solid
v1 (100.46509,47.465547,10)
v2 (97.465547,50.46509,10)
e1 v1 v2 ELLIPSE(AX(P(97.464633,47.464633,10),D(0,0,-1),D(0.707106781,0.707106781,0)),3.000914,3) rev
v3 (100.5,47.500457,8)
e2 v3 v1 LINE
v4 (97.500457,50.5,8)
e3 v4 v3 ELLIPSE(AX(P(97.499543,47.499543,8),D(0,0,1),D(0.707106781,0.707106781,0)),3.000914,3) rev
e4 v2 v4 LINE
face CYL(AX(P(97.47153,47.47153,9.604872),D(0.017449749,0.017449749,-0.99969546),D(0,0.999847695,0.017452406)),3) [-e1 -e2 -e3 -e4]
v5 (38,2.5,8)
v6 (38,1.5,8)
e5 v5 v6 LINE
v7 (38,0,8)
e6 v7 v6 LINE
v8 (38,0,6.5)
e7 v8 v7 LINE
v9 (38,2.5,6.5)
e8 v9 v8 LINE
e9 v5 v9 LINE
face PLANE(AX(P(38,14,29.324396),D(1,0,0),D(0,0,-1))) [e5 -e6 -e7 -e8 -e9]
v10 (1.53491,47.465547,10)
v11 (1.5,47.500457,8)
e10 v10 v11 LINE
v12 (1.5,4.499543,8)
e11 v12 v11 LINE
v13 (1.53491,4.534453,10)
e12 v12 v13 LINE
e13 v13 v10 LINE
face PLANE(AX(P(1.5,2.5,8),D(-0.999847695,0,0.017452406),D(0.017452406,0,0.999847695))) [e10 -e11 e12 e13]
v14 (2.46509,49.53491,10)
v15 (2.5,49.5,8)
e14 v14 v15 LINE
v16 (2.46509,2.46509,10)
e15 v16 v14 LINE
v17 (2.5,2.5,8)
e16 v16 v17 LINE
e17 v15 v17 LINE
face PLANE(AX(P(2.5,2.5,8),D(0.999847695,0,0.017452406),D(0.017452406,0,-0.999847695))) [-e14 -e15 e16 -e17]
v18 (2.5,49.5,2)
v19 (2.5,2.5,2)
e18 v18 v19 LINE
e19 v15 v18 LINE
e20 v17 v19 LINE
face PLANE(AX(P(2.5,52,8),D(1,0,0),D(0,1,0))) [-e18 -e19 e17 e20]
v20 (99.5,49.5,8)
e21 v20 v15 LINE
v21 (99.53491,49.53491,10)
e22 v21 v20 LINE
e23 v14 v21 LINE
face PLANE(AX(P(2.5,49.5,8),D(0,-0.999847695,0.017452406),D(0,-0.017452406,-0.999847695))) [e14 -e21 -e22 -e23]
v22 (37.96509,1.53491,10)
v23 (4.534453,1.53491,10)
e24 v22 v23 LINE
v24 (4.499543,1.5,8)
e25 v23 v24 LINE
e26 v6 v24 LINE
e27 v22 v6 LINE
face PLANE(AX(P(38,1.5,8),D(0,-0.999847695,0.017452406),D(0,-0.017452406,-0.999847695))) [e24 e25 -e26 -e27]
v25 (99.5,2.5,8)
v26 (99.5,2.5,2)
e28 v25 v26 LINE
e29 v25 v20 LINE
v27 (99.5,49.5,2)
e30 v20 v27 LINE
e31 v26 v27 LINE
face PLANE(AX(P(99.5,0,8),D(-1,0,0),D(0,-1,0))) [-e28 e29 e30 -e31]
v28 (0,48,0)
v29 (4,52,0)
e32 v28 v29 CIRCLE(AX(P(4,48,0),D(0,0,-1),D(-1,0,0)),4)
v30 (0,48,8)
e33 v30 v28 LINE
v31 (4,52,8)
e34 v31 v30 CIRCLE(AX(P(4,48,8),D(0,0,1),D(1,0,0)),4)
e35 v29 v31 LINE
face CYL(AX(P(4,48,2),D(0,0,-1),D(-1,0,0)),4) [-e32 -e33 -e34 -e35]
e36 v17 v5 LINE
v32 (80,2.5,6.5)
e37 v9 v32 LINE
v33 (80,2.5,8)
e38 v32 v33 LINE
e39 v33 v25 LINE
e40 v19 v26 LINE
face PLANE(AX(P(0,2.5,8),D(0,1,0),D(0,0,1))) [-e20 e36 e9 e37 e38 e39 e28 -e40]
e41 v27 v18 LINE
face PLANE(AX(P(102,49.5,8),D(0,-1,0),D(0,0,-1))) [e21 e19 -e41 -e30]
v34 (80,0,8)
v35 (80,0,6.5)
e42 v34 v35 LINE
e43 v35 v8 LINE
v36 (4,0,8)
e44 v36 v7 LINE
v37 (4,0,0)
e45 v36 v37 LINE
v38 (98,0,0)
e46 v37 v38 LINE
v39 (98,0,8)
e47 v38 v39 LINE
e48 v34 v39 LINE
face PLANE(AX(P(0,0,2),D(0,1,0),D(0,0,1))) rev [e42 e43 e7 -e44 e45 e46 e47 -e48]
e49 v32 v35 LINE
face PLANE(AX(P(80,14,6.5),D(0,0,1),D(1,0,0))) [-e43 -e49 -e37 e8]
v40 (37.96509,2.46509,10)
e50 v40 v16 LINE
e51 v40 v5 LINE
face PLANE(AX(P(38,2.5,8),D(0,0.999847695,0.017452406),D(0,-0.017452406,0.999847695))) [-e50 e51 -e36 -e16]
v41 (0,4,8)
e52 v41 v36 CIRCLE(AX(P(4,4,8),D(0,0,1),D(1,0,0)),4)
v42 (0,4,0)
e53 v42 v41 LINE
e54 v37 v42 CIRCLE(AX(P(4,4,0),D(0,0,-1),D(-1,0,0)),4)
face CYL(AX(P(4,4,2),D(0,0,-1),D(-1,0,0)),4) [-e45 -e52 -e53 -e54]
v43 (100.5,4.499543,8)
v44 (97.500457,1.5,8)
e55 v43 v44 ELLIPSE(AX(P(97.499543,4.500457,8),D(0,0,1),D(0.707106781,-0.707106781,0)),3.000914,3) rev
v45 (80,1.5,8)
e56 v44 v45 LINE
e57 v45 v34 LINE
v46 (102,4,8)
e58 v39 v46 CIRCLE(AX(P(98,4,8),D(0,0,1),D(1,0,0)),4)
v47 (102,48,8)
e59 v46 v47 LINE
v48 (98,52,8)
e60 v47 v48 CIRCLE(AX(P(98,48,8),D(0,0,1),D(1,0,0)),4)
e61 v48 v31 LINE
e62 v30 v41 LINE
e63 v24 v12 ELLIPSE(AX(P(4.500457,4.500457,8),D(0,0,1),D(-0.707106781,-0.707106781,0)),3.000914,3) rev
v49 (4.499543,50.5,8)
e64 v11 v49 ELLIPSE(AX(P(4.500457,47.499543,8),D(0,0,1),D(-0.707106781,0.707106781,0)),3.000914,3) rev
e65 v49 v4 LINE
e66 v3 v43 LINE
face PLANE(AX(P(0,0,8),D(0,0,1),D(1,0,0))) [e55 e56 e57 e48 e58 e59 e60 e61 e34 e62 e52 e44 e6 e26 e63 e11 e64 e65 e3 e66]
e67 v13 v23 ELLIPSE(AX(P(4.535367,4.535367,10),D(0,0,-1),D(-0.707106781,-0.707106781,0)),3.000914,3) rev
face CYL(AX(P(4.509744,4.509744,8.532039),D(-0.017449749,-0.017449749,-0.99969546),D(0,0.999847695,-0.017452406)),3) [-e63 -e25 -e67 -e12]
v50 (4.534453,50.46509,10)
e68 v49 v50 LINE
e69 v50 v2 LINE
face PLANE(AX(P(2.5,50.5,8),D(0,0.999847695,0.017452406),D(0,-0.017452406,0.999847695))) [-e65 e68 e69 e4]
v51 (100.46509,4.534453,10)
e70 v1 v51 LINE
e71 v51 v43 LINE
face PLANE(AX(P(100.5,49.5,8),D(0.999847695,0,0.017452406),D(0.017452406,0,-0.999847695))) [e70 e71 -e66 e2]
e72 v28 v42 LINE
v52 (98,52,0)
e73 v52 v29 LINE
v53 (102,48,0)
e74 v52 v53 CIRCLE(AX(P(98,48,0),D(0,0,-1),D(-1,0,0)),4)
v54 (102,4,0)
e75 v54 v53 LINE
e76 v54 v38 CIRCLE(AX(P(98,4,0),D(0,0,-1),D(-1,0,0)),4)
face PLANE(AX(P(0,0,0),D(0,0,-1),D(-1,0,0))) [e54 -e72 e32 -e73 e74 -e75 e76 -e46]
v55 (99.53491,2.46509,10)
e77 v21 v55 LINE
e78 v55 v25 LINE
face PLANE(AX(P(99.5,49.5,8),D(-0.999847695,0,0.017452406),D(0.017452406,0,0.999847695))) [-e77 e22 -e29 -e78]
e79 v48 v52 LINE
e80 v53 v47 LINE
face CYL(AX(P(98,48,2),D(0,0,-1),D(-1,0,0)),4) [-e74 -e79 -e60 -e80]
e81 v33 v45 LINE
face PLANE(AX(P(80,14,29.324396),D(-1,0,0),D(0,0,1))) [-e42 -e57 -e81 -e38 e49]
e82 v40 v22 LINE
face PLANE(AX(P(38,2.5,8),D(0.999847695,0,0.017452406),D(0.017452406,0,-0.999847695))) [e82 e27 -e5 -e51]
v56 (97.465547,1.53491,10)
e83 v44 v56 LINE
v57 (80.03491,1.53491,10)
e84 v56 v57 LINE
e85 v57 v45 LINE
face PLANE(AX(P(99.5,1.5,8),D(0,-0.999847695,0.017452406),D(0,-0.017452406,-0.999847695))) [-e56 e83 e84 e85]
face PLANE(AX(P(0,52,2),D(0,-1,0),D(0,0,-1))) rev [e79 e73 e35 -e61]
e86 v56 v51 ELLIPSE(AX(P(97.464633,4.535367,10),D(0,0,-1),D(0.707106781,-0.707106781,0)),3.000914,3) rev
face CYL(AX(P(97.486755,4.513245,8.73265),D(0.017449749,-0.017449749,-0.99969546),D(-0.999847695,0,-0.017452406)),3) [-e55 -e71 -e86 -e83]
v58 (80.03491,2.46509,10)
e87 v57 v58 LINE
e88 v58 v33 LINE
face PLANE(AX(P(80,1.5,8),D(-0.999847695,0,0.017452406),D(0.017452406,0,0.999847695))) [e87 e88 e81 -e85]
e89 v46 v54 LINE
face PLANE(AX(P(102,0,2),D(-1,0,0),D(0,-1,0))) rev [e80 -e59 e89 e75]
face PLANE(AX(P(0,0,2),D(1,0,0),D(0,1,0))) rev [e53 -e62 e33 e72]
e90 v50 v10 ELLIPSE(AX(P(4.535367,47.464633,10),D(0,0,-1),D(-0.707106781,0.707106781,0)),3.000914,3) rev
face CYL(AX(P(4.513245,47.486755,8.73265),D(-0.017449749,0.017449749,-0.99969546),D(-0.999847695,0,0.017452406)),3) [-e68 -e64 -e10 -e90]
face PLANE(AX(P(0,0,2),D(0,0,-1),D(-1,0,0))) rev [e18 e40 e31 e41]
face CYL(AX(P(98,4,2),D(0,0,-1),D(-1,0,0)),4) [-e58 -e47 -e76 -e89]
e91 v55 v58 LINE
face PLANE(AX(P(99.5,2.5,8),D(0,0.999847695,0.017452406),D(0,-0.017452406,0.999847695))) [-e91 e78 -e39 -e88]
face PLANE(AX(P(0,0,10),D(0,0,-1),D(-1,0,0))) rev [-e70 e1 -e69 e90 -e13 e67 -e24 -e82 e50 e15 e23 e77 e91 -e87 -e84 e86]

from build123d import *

# Parameters (mm, degrees)
ESQUISSE1_W             = 102
ESQUISSE1_H             = 52
BOSS_EXTRU_1_DEPTH      = 2
ESQUISSE2_W             = 102
ESQUISSE2_H             = 52
ESQUISSE2_W_2           = 97
ESQUISSE2_H_2           = 47
EXTRU_MINCE1_DEPTH      = 6
CONG_2_R                = 4
ESQUISSE4_W             = 42
ESQUISSE4_H             = 22.824396381
ENL_V_MAT_EXTRU_1_DEPTH = 14
EXTRU_MINCE2_DEPTH      = 2
EXTRU_MINCE2_DRAFT      = 1
CONG_3_R                = 3


with BuildPart() as part:
    # Esquisse1 → Boss.-Extru.1 (new body)
    with BuildSketch(Plane.XY):
        with Locations((51, 26)):
            Rectangle(ESQUISSE1_W, ESQUISSE1_H)
    extrude(amount=BOSS_EXTRU_1_DEPTH)

    # Esquisse2 → Extru.-Mince1 (add)
    with BuildSketch(Plane.XY.offset(2)):
        with Locations((51, 26)):
            Rectangle(ESQUISSE2_W, ESQUISSE2_H)
        with Locations((51, 26)):
            Rectangle(ESQUISSE2_W_2, ESQUISSE2_H_2, mode=Mode.SUBTRACT)
    extrude(amount=EXTRU_MINCE1_DEPTH)

    # Congé2
    cong_2_edges = [part.edges().sort_by_distance(p)[0] for p in [
        (0, 52, 4),
        (102, 52, 4),
        (102, 0, 4),
        (0, 0, 4),
    ]]
    fillet(cong_2_edges, radius=CONG_2_R)

    # Esquisse4 → Enlèv. mat.-Extru.1 (cut)
    with BuildSketch(Plane(origin=(0, 0, 0), x_dir=(1, 0, 0), z_dir=(0, 1, 0))):
        with Locations((59, -17.91219819)):
            Rectangle(ESQUISSE4_W, ESQUISSE4_H)
    extrude(amount=ENL_V_MAT_EXTRU_1_DEPTH, mode=Mode.SUBTRACT)


with BuildPart() as extru_mince2_tool:
    # Esquisse5 → Extru.-Mince2 (with draft: the straight prism first)
    with BuildSketch(Plane.XY.offset(8)):
        Polygon((38, 2.5), (2.5, 2.5), (2.5, 49.5), (99.5, 49.5), (99.5, 2.5), (80, 2.5), (80, 1.5), (100.5, 1.5), (100.5, 50.5), (1.5, 50.5), (1.5, 1.5), (38, 1.5), align=None)
    extrude(amount=EXTRU_MINCE2_DEPTH)
    # Extru.-Mince2: the draft: its side faces are tilted about the plane it starts from
    extru_mince2_sides = [extru_mince2_tool.faces().sort_by_distance(p)[0] for p in [
        (20.25, 2.5, 9),
        (2.5, 26, 9),
        (51, 49.5, 9),
        (99.5, 26, 9),
        (89.75, 2.5, 9),
        (80, 2, 9),
        (90.25, 1.5, 9),
        (100.5, 26, 9),
        (51, 50.5, 9),
        (1.5, 26, 9),
        (19.75, 1.5, 9),
        (38, 2, 9),
    ]]
    draft(extru_mince2_sides, Plane.XY.offset(8), EXTRU_MINCE2_DRAFT)


with BuildPart() as part_1:
    add(part.part)

    # Extru.-Mince2: add extru_mince2_tool
    add(extru_mince2_tool.part)

    # Congé3
    cong_3_edges = [part_1.edges().sort_by_distance(p)[0] for p in [
        (100.482544935, 1.517455065, 9),
        (100.482544935, 50.482544935, 9),
        (1.517455065, 50.482544935, 9),
        (1.517455065, 1.517455065, 9),
    ]]
    fillet(cong_3_edges, radius=CONG_3_R)


solid = part_1.part
